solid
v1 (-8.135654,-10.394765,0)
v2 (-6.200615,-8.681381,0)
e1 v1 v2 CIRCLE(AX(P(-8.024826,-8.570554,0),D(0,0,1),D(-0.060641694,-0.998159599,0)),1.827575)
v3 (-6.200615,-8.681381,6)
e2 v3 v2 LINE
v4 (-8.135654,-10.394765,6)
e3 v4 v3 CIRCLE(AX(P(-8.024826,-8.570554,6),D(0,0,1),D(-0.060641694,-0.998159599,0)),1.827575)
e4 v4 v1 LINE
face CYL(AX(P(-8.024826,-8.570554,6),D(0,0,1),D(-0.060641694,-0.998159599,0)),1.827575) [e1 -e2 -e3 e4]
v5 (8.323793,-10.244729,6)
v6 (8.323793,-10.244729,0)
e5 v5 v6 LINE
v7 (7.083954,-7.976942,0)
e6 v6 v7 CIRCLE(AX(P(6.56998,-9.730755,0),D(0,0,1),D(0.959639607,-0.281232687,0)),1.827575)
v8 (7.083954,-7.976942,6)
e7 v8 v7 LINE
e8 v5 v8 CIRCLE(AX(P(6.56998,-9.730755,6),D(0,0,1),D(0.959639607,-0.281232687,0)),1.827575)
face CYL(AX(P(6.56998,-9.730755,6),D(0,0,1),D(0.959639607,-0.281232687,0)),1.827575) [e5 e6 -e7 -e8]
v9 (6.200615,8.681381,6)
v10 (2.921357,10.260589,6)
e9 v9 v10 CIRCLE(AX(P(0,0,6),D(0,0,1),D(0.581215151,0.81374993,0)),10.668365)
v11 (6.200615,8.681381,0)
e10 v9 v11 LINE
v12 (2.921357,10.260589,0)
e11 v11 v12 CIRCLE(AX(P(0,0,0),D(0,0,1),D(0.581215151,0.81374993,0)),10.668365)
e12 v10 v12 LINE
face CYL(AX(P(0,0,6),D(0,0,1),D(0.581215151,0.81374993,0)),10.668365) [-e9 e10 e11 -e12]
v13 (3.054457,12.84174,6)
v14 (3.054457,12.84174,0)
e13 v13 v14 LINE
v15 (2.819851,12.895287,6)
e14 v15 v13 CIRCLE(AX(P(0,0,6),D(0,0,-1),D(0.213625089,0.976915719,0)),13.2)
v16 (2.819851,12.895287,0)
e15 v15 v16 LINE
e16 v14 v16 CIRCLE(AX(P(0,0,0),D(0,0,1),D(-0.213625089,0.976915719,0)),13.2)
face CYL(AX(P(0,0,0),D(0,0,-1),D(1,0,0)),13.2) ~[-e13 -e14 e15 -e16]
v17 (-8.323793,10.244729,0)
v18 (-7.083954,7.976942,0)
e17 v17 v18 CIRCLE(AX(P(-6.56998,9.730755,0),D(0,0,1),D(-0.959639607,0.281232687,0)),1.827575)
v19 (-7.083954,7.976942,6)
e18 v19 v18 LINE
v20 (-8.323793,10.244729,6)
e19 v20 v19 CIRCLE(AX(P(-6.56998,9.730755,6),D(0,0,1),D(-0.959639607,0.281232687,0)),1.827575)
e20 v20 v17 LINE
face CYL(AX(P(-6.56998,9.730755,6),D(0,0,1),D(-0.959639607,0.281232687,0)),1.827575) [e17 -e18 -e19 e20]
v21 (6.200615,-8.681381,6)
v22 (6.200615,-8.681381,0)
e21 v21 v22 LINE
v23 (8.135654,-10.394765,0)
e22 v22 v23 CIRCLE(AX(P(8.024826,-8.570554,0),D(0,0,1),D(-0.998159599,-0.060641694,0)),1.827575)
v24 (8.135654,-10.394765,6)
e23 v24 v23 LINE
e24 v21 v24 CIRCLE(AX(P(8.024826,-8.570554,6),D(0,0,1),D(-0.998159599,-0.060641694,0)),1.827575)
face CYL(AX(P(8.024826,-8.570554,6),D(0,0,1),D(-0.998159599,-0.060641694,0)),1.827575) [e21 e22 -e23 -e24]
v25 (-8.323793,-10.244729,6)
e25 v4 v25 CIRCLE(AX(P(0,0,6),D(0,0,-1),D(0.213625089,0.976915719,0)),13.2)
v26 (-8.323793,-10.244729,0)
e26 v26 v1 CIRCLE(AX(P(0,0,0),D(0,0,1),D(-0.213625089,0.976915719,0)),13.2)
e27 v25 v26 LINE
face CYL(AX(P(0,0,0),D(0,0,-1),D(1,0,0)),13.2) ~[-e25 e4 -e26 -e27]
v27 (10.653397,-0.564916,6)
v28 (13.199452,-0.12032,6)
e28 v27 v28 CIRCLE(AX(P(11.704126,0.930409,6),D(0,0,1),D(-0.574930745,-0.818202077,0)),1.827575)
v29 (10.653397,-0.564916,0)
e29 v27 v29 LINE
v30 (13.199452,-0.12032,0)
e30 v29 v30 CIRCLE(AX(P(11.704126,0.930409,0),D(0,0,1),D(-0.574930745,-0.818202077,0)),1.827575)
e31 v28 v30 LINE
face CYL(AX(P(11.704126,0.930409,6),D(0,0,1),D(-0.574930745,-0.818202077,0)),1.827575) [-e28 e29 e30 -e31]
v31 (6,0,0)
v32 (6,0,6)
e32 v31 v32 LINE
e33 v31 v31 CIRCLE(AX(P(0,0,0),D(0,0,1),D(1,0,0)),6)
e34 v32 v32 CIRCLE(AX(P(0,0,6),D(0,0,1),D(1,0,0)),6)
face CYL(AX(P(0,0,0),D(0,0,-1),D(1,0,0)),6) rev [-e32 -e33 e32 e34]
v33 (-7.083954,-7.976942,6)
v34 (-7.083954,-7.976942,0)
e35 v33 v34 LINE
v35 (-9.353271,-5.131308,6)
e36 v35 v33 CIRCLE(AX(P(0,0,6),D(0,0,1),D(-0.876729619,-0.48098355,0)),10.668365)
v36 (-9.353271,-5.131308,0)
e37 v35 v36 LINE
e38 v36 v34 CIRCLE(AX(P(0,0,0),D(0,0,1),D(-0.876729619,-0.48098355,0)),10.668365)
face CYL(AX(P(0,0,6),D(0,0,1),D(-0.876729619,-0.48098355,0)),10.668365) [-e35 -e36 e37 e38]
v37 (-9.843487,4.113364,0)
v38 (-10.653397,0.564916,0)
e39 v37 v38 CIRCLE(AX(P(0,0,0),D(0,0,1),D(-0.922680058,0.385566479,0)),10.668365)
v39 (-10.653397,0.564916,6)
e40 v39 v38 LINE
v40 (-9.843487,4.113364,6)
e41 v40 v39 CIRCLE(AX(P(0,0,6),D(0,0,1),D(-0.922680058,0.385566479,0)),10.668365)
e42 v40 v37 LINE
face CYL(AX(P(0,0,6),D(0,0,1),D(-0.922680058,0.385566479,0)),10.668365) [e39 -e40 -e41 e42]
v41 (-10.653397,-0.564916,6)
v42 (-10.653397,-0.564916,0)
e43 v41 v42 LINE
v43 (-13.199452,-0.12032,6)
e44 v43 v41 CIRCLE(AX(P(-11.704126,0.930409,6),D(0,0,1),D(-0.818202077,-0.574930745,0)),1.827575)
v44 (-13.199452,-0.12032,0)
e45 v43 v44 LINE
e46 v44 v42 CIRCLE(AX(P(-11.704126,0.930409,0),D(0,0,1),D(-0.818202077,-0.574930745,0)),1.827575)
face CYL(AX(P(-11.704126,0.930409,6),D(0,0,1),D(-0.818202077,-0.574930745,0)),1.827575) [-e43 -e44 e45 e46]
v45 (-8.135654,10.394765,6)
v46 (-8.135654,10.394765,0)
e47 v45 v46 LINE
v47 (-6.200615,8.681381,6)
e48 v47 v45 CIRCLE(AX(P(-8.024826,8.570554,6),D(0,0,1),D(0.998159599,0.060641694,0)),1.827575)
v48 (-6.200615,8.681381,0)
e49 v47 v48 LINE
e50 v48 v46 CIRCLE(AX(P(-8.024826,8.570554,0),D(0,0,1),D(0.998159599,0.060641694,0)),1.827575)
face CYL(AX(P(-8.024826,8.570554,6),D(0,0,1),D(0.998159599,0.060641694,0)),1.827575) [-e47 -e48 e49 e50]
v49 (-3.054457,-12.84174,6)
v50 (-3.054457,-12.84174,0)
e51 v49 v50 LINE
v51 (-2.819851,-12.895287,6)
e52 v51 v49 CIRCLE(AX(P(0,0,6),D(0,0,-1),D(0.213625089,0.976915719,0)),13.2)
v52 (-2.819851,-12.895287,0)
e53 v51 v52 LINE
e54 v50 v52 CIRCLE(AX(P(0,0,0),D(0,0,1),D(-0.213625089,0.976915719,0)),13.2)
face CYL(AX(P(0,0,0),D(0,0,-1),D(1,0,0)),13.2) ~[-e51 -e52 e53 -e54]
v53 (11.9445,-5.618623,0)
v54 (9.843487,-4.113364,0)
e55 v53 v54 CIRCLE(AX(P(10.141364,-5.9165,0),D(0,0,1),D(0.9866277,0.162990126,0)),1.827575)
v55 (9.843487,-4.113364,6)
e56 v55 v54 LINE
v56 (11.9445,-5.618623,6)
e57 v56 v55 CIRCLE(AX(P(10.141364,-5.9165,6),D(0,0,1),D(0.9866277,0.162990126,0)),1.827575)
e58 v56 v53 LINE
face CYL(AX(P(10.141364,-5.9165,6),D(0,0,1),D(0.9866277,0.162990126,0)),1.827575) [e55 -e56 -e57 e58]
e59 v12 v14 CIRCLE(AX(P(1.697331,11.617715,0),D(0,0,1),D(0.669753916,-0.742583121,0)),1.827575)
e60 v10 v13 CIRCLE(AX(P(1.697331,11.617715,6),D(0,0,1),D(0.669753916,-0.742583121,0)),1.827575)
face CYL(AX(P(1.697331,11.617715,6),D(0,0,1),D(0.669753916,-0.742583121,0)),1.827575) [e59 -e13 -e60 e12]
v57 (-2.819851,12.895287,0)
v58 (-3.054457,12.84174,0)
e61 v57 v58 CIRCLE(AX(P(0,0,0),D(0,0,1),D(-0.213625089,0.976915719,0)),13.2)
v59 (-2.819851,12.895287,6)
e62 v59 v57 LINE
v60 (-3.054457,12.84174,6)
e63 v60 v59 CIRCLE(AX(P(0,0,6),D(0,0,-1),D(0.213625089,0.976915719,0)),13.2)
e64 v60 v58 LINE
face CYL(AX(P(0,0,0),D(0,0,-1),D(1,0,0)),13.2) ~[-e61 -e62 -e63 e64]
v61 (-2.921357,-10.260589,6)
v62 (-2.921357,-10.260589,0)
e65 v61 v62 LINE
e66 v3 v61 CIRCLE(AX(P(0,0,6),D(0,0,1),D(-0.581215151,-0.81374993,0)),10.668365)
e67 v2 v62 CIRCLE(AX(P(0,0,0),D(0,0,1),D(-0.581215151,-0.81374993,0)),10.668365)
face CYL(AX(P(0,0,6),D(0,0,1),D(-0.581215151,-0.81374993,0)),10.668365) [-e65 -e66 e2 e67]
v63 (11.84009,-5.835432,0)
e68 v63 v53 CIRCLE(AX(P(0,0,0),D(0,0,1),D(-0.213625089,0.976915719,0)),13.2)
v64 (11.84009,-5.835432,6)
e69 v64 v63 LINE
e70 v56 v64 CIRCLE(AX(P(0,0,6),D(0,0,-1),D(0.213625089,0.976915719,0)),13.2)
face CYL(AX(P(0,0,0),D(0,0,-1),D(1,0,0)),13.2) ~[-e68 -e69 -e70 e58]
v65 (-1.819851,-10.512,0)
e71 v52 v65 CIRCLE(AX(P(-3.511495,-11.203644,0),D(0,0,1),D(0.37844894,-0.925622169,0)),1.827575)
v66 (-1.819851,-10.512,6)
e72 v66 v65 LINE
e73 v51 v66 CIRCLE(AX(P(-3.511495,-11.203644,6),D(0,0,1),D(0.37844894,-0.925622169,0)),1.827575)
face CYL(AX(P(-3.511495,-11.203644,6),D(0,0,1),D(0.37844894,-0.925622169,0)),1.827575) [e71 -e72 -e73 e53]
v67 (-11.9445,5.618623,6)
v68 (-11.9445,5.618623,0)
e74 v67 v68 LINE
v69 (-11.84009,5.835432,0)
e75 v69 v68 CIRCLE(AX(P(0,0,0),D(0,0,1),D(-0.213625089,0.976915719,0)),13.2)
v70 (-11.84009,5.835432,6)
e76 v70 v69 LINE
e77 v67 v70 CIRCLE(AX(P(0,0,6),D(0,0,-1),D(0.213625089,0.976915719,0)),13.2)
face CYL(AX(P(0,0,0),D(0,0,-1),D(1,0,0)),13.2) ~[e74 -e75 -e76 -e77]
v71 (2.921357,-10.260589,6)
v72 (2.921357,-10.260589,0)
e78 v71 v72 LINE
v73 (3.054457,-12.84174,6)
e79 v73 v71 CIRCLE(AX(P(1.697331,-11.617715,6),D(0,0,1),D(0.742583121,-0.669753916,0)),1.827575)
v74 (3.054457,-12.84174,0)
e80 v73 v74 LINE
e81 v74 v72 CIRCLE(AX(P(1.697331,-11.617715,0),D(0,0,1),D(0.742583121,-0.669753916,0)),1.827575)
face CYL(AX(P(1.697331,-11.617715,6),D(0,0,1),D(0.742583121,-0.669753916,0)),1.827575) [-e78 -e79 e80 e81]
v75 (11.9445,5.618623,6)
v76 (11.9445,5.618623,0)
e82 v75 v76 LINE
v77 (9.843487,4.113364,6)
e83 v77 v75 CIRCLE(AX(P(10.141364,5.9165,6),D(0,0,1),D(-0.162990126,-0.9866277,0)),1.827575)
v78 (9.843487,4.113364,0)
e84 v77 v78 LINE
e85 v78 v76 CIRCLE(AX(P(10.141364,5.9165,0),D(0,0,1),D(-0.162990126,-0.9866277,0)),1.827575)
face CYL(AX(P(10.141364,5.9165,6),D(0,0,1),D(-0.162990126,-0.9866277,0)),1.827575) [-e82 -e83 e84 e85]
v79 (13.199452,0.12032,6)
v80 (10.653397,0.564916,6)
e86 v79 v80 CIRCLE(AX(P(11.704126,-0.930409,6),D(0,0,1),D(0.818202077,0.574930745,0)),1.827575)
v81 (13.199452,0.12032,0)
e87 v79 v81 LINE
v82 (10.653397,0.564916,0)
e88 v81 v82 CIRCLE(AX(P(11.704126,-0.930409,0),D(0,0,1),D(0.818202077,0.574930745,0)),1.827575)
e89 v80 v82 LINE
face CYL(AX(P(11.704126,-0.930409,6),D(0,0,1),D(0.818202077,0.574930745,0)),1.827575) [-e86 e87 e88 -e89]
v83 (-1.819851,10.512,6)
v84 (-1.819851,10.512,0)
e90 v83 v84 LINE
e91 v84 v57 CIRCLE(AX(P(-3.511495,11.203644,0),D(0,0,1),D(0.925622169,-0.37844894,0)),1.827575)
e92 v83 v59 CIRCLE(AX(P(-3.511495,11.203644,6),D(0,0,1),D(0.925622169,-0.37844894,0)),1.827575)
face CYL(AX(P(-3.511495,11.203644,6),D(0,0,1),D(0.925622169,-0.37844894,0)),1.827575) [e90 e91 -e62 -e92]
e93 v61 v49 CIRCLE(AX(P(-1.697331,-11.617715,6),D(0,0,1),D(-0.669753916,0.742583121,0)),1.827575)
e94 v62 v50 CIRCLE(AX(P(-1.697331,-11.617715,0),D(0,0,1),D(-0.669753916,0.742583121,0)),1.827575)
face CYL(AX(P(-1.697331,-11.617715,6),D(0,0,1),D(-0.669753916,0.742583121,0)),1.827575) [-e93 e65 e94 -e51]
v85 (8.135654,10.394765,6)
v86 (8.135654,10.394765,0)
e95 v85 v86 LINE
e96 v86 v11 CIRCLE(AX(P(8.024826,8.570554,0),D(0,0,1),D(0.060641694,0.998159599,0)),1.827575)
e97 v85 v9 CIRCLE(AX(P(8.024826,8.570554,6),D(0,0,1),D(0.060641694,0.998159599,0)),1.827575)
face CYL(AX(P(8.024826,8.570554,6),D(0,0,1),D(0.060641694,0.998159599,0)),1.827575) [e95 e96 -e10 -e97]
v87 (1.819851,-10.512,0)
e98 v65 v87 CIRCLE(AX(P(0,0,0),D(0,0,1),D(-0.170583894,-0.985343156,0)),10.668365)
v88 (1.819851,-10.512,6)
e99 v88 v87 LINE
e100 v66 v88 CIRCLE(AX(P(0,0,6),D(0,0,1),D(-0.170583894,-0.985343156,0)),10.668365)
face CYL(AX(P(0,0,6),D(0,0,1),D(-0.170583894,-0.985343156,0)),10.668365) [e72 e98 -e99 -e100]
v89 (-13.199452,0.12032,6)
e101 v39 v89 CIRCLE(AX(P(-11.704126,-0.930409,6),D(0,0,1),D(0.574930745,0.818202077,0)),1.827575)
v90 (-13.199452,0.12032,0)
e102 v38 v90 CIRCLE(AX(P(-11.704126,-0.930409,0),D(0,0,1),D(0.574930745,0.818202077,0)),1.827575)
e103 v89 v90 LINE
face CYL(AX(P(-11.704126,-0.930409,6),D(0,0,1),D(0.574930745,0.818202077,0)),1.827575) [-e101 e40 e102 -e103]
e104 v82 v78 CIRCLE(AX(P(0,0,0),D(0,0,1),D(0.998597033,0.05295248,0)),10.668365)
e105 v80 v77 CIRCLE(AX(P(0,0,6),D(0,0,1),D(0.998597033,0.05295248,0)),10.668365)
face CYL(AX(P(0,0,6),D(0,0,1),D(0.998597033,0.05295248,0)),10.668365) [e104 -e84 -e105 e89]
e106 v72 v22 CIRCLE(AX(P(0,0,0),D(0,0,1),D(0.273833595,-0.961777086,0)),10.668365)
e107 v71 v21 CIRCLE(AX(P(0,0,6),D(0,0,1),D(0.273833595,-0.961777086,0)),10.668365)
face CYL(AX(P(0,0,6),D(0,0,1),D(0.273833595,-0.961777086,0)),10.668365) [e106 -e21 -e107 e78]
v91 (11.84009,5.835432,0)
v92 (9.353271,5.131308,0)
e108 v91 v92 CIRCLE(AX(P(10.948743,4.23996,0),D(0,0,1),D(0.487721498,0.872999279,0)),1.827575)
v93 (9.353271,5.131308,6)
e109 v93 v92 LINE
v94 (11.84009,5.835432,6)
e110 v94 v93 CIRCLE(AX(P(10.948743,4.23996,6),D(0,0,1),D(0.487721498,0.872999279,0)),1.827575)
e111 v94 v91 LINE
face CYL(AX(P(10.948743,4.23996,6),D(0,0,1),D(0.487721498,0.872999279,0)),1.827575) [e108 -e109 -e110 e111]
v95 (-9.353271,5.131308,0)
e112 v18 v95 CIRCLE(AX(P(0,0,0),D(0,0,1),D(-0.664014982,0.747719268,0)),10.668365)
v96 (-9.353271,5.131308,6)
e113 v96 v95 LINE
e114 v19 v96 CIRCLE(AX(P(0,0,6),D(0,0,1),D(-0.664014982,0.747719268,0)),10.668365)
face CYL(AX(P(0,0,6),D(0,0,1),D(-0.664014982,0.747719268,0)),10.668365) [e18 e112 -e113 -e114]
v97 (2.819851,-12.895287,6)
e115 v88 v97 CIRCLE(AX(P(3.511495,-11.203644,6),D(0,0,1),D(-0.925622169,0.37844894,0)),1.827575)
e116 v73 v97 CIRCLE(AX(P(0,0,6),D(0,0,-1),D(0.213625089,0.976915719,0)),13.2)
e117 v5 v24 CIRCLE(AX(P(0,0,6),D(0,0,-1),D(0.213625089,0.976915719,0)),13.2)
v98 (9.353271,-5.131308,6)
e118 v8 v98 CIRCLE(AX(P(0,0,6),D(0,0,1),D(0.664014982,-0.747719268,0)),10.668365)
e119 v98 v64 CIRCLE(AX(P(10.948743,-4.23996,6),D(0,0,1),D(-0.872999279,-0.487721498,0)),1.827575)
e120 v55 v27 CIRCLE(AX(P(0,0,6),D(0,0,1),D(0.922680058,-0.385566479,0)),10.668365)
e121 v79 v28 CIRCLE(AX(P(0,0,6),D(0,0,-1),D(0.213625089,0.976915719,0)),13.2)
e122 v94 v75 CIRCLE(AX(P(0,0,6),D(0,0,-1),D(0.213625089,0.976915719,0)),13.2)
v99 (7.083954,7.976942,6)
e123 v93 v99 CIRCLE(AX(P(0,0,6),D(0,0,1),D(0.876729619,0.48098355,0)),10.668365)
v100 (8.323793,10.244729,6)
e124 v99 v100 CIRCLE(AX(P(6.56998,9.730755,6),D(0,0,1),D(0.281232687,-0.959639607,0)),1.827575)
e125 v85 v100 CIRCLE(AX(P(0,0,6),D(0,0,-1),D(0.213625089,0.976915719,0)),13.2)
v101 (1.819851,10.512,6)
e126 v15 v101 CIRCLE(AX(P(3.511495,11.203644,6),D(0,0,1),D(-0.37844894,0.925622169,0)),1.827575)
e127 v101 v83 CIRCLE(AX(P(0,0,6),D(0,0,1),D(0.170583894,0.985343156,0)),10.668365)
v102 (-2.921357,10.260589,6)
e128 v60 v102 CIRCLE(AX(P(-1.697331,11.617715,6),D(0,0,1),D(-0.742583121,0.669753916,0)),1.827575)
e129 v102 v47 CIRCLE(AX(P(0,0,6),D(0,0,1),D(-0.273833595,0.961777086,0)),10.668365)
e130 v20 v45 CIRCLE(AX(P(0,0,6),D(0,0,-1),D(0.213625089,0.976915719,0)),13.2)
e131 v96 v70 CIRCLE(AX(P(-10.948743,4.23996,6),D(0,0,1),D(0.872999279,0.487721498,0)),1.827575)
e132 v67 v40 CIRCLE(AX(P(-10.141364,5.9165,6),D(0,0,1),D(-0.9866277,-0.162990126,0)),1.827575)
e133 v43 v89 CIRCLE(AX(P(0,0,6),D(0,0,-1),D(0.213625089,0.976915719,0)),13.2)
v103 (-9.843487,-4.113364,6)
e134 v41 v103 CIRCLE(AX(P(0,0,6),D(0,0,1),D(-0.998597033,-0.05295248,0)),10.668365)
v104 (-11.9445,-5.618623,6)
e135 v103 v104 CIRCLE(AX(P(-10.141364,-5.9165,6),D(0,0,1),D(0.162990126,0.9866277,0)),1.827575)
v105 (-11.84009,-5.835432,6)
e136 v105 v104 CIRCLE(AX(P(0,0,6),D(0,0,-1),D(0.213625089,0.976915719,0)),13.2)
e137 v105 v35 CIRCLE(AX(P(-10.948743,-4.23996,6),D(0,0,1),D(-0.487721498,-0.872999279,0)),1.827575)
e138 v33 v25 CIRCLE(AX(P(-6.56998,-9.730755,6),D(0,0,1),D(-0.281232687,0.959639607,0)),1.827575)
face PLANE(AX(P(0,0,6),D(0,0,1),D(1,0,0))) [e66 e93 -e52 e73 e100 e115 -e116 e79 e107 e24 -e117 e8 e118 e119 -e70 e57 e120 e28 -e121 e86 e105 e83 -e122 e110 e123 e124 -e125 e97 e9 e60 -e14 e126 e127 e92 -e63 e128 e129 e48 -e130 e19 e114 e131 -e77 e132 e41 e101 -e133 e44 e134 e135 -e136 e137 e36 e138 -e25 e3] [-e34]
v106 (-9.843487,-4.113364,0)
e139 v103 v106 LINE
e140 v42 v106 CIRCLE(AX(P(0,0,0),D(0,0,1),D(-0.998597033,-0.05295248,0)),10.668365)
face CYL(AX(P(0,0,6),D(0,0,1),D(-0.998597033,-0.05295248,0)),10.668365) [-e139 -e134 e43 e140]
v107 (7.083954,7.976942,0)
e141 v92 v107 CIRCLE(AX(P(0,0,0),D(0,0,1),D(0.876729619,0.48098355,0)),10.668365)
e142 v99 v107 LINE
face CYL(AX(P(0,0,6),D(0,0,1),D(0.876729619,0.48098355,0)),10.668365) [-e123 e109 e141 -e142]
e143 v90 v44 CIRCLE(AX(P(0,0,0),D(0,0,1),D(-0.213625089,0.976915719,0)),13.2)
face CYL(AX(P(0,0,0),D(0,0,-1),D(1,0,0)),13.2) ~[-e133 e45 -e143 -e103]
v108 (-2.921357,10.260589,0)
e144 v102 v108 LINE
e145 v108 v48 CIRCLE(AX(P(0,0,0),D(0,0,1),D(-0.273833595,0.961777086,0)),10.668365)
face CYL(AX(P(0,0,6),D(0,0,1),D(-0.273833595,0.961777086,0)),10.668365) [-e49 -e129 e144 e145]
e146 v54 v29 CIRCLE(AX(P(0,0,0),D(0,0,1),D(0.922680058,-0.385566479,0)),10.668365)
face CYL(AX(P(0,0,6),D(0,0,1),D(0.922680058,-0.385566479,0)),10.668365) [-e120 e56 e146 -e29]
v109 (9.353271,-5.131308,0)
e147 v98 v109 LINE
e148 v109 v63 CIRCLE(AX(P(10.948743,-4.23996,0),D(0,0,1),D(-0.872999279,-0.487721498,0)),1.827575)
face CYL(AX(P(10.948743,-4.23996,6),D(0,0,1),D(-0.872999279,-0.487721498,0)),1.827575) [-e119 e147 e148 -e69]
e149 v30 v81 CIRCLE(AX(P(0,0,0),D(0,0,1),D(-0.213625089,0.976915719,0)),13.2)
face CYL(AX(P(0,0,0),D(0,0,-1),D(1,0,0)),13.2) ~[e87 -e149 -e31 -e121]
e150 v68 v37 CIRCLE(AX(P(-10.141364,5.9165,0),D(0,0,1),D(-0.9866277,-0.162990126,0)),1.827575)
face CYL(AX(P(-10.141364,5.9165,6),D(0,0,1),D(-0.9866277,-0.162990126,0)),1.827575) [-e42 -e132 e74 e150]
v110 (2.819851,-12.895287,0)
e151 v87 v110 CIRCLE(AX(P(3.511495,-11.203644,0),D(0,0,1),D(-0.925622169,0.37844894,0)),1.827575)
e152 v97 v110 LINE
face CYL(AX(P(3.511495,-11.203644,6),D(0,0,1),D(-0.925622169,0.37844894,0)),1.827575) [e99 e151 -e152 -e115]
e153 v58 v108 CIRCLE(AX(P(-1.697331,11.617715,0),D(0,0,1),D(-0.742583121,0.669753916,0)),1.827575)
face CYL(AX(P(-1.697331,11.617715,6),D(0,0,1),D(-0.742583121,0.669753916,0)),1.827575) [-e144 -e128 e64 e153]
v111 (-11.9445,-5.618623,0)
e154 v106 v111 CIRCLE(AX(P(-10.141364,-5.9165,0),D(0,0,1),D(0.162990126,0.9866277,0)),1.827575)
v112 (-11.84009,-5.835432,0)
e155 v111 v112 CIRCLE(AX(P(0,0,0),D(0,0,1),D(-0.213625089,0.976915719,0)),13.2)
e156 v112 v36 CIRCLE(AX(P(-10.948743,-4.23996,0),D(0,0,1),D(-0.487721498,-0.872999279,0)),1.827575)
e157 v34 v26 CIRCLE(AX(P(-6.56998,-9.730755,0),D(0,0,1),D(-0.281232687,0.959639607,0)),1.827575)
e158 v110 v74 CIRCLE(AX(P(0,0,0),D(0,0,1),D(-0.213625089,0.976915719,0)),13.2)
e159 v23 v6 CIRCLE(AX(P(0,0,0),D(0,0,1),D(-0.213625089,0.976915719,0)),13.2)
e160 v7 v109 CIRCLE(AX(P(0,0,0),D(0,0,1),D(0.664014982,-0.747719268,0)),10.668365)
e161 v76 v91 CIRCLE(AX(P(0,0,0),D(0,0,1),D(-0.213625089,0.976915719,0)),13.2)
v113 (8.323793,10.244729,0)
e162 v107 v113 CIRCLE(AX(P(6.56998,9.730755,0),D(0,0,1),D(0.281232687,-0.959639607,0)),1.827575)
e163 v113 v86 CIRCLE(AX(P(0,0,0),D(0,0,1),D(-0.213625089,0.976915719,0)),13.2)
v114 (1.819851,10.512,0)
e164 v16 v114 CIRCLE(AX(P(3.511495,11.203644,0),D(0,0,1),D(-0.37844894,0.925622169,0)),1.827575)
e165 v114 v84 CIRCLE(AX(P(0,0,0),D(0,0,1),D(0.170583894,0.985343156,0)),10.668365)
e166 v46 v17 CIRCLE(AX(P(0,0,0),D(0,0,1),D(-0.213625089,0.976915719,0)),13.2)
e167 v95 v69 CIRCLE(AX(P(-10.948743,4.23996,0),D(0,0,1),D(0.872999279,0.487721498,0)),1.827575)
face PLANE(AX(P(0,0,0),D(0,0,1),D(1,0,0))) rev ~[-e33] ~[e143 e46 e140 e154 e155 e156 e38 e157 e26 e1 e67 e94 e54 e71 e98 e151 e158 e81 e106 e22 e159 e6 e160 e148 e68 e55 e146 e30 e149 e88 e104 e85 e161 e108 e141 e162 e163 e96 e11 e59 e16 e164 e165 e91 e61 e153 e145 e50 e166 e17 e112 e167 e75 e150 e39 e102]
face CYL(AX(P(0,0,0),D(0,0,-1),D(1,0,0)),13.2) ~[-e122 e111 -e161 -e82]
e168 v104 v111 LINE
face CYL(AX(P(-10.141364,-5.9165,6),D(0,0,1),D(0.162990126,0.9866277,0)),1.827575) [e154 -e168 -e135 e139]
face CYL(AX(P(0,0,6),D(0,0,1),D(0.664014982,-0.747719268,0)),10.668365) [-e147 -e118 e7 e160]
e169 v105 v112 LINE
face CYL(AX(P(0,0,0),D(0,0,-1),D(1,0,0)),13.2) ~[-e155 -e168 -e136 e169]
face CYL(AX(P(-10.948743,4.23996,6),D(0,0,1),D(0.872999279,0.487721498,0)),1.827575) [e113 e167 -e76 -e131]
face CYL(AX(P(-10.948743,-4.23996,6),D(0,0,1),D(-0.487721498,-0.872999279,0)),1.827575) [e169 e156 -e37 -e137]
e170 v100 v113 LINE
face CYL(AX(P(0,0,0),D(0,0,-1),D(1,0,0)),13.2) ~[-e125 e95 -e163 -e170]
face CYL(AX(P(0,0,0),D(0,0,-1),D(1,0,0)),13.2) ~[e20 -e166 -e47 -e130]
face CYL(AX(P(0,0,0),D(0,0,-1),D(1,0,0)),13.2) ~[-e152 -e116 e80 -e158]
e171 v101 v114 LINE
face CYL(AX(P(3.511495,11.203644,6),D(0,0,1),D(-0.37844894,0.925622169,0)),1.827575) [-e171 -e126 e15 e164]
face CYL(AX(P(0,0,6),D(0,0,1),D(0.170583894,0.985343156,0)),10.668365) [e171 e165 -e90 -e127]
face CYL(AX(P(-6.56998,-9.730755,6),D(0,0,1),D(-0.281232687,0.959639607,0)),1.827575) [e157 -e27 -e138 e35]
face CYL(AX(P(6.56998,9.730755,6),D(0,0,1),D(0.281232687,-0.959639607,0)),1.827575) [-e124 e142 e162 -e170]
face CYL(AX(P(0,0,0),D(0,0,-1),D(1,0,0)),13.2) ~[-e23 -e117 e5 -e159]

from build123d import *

# Parameters (mm, degrees)
SKETCH1_R           = 13.2
SKETCH1_R_2         = 6
BOSS_EXTRUDE1_DEPTH = 6
CUT_EXTRUDE1_DEPTH  = 7
CIRPATTERN2_COUNT   = 14


with BuildPart() as part:
    # Sketch1 → Boss-Extrude1 (new body)
    with BuildSketch(Plane.XY):
        Circle(SKETCH1_R)
        Circle(SKETCH1_R_2, mode=Mode.SUBTRACT)
    extrude(amount=BOSS_EXTRUDE1_DEPTH)

    # Sketch2 → Cut-Extrude1 (cut, through all)
    with BuildSketch(Plane.XY.offset(6)):
        with BuildLine():
            ThreePointArc((-2.819851171, 12.895287487), (0, 13.2), (2.819851171, 12.895287487))
            ThreePointArc((2.819851171, 12.895287487), (1.826256171, 11.910750525), (1.819851171, 10.512))
            ThreePointArc((1.819851171, 10.512), (0, 10.668364555), (-1.819851171, 10.512))
            ThreePointArc((-1.819851171, 10.512), (-1.826256171, 11.910750525), (-2.819851171, 12.895287487))
        make_face()
    cut_extrude1 = extrude(amount=-CUT_EXTRUDE1_DEPTH, mode=Mode.SUBTRACT)

    # CirPattern2: Cut-Extrude1 ×14 about axis
    cirpattern2_axis = Axis((0, 0, 0), (0, 0, 1))
    for i in range(1, CIRPATTERN2_COUNT):
        add(cut_extrude1.rotate(cirpattern2_axis, i * 360 / CIRPATTERN2_COUNT), mode=Mode.SUBTRACT)


solid = part.part
